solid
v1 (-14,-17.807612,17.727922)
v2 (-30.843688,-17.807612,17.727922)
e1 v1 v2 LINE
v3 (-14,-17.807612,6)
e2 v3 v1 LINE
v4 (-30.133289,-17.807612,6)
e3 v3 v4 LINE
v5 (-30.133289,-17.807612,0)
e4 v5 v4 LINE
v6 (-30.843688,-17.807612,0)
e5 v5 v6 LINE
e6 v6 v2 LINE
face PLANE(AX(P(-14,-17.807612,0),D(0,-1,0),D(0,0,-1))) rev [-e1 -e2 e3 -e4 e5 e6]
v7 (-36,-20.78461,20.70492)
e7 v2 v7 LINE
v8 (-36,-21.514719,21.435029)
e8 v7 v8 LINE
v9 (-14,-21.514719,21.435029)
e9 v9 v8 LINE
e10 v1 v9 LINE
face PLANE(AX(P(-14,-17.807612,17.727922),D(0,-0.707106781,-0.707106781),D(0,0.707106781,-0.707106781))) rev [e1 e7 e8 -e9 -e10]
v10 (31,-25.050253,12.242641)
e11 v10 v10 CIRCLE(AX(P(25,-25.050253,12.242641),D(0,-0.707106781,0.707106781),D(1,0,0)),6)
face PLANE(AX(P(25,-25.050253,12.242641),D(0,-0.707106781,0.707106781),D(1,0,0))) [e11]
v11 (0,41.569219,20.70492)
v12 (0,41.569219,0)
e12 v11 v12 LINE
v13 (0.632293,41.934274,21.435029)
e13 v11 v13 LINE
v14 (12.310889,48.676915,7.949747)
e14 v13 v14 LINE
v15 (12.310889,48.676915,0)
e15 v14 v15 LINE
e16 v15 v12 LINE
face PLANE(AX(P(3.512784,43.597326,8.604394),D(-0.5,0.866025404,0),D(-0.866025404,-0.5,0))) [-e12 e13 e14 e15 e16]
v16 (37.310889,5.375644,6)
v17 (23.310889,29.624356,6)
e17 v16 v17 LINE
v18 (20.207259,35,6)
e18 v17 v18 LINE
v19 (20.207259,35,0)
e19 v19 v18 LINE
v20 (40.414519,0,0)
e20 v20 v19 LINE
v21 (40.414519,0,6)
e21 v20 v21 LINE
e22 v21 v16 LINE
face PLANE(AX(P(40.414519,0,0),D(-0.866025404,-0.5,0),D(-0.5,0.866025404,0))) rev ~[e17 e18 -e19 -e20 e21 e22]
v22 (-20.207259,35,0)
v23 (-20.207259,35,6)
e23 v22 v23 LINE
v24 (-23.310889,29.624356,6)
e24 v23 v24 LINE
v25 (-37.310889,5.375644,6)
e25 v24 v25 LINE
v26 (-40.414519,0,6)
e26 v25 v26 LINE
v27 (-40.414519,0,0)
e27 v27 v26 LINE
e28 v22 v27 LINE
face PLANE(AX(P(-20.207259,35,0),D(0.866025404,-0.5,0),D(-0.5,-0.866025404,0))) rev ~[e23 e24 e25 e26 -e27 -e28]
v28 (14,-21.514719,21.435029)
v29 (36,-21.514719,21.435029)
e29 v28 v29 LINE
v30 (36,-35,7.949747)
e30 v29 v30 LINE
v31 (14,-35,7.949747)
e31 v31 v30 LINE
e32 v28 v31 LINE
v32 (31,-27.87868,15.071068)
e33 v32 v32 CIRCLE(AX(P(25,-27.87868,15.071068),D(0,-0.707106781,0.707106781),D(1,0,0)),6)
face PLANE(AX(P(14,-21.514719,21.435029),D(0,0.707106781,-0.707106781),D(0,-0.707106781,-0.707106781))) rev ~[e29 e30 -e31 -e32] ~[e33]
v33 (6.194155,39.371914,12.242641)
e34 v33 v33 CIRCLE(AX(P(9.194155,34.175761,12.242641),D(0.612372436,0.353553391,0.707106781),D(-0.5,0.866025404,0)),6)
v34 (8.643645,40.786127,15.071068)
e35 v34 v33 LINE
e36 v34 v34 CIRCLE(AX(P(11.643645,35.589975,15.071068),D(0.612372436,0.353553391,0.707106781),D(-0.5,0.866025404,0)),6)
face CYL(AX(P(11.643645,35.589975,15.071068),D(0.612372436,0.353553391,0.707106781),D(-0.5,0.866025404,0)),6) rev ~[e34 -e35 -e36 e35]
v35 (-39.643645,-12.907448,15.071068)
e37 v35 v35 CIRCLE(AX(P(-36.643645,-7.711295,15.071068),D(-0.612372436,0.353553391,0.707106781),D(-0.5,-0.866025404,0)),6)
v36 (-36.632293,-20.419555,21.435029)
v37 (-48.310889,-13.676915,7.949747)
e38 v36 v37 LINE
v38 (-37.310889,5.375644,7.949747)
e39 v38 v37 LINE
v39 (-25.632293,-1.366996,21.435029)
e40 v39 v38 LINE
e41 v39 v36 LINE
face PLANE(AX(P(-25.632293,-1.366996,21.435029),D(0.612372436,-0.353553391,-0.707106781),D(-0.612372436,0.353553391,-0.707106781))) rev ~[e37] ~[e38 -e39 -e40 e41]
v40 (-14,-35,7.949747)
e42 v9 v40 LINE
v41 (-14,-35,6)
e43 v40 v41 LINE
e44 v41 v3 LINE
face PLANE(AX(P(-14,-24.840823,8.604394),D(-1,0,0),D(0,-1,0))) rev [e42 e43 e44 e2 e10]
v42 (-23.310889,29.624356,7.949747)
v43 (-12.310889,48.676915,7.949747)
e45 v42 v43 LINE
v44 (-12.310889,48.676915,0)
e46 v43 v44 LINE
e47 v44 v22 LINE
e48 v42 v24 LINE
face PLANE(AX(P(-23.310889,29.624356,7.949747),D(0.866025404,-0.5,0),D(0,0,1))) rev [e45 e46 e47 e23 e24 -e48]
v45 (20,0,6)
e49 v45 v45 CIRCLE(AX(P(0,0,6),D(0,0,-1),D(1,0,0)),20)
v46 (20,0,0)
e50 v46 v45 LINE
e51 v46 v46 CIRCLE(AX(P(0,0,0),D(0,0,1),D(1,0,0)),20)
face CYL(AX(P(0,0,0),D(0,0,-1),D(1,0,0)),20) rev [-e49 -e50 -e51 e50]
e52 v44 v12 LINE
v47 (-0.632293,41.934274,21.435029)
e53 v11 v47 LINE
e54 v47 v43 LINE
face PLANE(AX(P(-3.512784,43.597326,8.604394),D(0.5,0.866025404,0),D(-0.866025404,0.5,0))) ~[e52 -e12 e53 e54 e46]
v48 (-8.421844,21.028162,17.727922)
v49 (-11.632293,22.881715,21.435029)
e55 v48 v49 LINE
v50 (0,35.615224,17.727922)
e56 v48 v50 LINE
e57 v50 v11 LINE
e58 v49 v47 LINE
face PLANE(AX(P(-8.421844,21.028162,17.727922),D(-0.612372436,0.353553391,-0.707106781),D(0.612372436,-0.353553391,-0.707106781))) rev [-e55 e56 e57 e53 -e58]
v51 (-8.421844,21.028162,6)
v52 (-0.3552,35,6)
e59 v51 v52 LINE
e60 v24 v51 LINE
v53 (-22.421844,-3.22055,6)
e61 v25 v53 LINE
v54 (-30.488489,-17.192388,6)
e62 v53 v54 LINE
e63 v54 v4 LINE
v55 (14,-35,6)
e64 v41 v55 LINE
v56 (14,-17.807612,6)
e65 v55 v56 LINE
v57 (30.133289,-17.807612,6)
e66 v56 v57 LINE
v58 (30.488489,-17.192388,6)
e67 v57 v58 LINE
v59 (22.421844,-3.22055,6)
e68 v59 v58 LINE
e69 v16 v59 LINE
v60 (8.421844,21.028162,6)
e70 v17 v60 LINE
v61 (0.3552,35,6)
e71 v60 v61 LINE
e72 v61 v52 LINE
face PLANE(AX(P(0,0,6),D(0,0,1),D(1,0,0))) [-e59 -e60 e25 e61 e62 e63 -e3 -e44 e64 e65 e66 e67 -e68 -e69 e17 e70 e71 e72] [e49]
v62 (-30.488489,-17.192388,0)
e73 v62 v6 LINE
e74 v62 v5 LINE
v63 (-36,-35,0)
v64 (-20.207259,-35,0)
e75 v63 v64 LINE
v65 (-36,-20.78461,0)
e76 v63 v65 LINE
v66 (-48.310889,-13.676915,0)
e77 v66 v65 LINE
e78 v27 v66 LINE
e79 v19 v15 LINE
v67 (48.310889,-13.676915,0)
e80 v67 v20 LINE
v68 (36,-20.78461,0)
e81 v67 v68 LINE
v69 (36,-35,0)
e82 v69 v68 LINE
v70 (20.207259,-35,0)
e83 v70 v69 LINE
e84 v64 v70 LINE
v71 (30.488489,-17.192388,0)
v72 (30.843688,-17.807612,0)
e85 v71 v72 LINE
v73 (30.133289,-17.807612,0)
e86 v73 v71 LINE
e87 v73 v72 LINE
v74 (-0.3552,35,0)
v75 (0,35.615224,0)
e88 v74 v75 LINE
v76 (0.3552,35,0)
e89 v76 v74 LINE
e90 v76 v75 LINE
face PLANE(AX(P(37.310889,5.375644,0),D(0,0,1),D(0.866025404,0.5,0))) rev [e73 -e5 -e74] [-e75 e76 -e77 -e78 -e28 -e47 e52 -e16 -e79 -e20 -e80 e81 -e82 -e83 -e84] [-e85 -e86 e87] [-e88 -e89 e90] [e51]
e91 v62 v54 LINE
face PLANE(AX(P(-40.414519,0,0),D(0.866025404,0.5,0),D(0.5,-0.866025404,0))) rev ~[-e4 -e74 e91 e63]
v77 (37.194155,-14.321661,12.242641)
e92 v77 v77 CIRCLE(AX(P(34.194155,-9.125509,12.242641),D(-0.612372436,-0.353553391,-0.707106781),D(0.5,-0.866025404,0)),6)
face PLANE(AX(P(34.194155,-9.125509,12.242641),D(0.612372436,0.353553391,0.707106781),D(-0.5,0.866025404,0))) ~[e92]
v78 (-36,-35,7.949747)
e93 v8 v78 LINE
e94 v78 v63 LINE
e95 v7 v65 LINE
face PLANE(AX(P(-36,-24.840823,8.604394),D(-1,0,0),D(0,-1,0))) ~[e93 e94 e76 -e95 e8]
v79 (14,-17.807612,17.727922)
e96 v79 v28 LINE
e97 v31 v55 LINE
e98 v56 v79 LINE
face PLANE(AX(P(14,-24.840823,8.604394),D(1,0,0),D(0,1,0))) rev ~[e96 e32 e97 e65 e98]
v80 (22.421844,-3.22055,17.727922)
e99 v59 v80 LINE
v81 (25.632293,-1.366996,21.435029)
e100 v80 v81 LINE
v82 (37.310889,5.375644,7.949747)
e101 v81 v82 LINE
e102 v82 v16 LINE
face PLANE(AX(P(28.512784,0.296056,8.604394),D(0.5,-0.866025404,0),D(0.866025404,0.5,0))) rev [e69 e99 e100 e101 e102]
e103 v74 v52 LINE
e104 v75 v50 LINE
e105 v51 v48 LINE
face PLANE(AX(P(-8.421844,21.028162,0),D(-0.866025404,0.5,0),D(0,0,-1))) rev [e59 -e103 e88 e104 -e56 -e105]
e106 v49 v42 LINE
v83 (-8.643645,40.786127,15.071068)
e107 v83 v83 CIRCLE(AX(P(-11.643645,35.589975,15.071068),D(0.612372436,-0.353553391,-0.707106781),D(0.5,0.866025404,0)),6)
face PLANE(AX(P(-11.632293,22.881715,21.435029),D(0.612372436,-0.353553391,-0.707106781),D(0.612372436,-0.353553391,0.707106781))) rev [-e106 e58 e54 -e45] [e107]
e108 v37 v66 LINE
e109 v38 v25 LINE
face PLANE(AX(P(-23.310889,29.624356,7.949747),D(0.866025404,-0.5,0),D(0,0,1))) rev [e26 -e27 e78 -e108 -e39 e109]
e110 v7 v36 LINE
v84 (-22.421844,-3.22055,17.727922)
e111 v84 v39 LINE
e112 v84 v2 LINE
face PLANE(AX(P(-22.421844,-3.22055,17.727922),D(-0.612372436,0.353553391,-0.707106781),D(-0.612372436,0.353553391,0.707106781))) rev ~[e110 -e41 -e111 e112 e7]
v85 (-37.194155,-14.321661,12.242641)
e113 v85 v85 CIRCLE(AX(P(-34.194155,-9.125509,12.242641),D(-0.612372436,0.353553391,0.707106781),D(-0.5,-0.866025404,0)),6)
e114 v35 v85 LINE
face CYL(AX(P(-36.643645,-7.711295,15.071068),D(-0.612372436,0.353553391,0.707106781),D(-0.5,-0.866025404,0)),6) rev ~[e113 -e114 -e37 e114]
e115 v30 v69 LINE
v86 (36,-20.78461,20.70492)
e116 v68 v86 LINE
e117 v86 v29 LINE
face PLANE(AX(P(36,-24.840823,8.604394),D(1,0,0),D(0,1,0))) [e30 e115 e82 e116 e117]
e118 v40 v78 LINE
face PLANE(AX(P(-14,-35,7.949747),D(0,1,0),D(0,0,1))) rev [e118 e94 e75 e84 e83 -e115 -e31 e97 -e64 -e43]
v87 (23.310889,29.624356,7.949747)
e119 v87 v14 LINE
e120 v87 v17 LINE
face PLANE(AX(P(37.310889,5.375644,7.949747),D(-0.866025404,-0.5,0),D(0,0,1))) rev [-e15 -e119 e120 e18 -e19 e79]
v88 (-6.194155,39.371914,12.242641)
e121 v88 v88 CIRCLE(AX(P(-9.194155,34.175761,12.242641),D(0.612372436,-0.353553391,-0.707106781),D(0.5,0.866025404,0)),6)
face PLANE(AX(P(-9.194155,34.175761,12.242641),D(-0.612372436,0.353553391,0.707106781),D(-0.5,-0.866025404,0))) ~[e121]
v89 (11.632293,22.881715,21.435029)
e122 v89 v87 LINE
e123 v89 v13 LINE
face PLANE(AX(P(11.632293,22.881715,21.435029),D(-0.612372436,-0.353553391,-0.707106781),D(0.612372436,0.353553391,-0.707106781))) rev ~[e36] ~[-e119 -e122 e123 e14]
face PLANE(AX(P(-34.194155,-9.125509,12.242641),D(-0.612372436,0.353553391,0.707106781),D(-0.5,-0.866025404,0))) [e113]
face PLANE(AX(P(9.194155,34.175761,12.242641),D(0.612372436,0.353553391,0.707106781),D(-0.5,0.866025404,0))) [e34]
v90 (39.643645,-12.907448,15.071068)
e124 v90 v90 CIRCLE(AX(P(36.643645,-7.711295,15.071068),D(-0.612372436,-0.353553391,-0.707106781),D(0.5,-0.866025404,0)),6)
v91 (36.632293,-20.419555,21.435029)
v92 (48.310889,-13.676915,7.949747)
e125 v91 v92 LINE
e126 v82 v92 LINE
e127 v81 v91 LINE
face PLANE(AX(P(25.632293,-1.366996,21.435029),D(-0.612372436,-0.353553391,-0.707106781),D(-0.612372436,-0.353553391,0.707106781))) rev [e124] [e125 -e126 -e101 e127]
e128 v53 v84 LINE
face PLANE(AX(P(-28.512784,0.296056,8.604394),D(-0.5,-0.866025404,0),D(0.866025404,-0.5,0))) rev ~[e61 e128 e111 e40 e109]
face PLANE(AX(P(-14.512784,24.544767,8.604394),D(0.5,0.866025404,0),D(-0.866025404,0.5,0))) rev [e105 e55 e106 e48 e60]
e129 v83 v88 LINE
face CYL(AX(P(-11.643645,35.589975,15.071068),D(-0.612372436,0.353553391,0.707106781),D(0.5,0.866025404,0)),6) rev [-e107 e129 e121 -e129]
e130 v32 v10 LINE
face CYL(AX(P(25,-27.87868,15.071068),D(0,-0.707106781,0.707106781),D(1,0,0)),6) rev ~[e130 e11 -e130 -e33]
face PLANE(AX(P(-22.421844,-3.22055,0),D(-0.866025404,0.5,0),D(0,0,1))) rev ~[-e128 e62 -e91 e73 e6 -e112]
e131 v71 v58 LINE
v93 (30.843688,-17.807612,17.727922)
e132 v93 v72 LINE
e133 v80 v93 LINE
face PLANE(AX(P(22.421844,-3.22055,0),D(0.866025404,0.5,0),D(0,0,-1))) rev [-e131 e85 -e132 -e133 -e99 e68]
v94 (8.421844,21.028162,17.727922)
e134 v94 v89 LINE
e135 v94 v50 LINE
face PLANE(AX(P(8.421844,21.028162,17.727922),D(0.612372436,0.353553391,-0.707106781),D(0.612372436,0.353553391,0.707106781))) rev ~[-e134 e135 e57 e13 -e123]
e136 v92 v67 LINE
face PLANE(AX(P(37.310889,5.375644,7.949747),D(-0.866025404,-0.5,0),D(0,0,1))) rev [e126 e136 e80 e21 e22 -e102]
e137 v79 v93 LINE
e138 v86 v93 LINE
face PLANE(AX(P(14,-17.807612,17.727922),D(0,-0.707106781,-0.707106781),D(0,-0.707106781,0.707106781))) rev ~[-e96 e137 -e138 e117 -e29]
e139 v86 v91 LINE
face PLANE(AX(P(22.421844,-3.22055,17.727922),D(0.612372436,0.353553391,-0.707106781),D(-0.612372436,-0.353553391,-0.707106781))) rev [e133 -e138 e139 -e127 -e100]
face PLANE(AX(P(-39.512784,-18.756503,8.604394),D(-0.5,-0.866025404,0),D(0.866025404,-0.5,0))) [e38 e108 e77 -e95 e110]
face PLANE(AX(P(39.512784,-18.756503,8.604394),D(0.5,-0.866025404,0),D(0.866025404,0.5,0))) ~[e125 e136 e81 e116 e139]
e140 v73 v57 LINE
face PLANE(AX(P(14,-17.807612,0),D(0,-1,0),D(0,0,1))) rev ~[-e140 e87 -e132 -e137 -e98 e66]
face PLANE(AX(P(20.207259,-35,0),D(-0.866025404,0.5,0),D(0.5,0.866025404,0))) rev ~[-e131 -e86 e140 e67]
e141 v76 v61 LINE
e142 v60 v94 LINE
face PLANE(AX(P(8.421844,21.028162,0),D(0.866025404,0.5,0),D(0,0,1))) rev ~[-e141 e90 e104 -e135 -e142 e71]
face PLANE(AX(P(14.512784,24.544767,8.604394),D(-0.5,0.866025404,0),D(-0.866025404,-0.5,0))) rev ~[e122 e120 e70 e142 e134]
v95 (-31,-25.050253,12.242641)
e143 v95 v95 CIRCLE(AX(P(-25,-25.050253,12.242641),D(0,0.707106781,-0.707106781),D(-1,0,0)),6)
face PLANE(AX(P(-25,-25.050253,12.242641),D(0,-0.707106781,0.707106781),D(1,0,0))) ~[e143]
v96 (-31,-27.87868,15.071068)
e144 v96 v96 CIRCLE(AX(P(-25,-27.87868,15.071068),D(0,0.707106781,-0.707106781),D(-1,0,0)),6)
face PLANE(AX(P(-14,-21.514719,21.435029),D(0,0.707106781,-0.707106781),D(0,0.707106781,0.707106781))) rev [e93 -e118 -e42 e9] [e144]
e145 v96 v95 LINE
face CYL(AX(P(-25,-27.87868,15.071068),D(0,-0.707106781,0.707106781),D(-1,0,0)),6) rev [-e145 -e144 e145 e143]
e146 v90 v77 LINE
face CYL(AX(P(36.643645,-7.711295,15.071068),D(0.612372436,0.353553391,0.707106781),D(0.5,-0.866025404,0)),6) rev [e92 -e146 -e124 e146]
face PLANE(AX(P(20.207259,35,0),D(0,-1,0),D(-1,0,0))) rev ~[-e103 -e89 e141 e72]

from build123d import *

# Parameters (mm, degrees)
F0_R     = 20
F1_DEPTH = 6
F3_START = 14
F3_DEPTH = 22
F4_R     = 6
F5_DEPTH = 4
F7_COUNT = 3


with BuildPart() as f1:
    # F0 (on Top) → F1 (new body)
    with BuildSketch(Plane.XY):
        Polygon((20.2072594216, 35), (-20.2072594216, 35), (-40.4145188433, 0), (-20.2072594216, -35), (20.2072594216, -35), (40.4145188433, 0), align=None)
        Circle(F0_R, mode=Mode.SUBTRACT)
    extrude(amount=F1_DEPTH)

    # F2 (on Right) → F3 (join)
    with BuildSketch(Plane.YZ.offset(F3_START)):
        Polygon((-29.2928932188, 8), (-32.1213203436, 10.8284271247), (-35, 7.9497474683), (-35, 0), (-17.8076118446, 0), (-17.8076118446, 17.7279220614), (-21.5147186258, 21.4350288425), (-23.6360389693, 19.313708499), (-20.8076118446, 16.4852813742), align=None)
        Polygon((-23.6360389693, 19.313708499), (-32.1213203436, 10.8284271247), (-29.2928932188, 8), (-20.8076118446, 16.4852813742), align=None)
    extrude(amount=F3_DEPTH)

    # F4 (on face) → F5 (cut)
    with BuildSketch(Plane(origin=(0, -21.4748737342, 21.4748737342), x_dir=(1, 0, 0), z_dir=(0, -0.7071067812, 0.7071067812))):
        with Locations((25, -9.0563491861)):
            Circle(F4_R)
    extrude(amount=-F5_DEPTH, mode=Mode.SUBTRACT)

    # F6: F1 across plane


with BuildPart() as f1_1:
    add(f1.part)
    add(f1.part.mirror(Plane.YZ))

    # F7: F1 ×3 about axis
    f7_axis = Axis((0, 0, 0), (0, 0, -1))


with BuildPart() as f1_2:
    add(f1_1.part)
    for i in range(1, F7_COUNT):
        add(f1_1.part.rotate(f7_axis, i * 360 / F7_COUNT))


solid = f1_2.part
